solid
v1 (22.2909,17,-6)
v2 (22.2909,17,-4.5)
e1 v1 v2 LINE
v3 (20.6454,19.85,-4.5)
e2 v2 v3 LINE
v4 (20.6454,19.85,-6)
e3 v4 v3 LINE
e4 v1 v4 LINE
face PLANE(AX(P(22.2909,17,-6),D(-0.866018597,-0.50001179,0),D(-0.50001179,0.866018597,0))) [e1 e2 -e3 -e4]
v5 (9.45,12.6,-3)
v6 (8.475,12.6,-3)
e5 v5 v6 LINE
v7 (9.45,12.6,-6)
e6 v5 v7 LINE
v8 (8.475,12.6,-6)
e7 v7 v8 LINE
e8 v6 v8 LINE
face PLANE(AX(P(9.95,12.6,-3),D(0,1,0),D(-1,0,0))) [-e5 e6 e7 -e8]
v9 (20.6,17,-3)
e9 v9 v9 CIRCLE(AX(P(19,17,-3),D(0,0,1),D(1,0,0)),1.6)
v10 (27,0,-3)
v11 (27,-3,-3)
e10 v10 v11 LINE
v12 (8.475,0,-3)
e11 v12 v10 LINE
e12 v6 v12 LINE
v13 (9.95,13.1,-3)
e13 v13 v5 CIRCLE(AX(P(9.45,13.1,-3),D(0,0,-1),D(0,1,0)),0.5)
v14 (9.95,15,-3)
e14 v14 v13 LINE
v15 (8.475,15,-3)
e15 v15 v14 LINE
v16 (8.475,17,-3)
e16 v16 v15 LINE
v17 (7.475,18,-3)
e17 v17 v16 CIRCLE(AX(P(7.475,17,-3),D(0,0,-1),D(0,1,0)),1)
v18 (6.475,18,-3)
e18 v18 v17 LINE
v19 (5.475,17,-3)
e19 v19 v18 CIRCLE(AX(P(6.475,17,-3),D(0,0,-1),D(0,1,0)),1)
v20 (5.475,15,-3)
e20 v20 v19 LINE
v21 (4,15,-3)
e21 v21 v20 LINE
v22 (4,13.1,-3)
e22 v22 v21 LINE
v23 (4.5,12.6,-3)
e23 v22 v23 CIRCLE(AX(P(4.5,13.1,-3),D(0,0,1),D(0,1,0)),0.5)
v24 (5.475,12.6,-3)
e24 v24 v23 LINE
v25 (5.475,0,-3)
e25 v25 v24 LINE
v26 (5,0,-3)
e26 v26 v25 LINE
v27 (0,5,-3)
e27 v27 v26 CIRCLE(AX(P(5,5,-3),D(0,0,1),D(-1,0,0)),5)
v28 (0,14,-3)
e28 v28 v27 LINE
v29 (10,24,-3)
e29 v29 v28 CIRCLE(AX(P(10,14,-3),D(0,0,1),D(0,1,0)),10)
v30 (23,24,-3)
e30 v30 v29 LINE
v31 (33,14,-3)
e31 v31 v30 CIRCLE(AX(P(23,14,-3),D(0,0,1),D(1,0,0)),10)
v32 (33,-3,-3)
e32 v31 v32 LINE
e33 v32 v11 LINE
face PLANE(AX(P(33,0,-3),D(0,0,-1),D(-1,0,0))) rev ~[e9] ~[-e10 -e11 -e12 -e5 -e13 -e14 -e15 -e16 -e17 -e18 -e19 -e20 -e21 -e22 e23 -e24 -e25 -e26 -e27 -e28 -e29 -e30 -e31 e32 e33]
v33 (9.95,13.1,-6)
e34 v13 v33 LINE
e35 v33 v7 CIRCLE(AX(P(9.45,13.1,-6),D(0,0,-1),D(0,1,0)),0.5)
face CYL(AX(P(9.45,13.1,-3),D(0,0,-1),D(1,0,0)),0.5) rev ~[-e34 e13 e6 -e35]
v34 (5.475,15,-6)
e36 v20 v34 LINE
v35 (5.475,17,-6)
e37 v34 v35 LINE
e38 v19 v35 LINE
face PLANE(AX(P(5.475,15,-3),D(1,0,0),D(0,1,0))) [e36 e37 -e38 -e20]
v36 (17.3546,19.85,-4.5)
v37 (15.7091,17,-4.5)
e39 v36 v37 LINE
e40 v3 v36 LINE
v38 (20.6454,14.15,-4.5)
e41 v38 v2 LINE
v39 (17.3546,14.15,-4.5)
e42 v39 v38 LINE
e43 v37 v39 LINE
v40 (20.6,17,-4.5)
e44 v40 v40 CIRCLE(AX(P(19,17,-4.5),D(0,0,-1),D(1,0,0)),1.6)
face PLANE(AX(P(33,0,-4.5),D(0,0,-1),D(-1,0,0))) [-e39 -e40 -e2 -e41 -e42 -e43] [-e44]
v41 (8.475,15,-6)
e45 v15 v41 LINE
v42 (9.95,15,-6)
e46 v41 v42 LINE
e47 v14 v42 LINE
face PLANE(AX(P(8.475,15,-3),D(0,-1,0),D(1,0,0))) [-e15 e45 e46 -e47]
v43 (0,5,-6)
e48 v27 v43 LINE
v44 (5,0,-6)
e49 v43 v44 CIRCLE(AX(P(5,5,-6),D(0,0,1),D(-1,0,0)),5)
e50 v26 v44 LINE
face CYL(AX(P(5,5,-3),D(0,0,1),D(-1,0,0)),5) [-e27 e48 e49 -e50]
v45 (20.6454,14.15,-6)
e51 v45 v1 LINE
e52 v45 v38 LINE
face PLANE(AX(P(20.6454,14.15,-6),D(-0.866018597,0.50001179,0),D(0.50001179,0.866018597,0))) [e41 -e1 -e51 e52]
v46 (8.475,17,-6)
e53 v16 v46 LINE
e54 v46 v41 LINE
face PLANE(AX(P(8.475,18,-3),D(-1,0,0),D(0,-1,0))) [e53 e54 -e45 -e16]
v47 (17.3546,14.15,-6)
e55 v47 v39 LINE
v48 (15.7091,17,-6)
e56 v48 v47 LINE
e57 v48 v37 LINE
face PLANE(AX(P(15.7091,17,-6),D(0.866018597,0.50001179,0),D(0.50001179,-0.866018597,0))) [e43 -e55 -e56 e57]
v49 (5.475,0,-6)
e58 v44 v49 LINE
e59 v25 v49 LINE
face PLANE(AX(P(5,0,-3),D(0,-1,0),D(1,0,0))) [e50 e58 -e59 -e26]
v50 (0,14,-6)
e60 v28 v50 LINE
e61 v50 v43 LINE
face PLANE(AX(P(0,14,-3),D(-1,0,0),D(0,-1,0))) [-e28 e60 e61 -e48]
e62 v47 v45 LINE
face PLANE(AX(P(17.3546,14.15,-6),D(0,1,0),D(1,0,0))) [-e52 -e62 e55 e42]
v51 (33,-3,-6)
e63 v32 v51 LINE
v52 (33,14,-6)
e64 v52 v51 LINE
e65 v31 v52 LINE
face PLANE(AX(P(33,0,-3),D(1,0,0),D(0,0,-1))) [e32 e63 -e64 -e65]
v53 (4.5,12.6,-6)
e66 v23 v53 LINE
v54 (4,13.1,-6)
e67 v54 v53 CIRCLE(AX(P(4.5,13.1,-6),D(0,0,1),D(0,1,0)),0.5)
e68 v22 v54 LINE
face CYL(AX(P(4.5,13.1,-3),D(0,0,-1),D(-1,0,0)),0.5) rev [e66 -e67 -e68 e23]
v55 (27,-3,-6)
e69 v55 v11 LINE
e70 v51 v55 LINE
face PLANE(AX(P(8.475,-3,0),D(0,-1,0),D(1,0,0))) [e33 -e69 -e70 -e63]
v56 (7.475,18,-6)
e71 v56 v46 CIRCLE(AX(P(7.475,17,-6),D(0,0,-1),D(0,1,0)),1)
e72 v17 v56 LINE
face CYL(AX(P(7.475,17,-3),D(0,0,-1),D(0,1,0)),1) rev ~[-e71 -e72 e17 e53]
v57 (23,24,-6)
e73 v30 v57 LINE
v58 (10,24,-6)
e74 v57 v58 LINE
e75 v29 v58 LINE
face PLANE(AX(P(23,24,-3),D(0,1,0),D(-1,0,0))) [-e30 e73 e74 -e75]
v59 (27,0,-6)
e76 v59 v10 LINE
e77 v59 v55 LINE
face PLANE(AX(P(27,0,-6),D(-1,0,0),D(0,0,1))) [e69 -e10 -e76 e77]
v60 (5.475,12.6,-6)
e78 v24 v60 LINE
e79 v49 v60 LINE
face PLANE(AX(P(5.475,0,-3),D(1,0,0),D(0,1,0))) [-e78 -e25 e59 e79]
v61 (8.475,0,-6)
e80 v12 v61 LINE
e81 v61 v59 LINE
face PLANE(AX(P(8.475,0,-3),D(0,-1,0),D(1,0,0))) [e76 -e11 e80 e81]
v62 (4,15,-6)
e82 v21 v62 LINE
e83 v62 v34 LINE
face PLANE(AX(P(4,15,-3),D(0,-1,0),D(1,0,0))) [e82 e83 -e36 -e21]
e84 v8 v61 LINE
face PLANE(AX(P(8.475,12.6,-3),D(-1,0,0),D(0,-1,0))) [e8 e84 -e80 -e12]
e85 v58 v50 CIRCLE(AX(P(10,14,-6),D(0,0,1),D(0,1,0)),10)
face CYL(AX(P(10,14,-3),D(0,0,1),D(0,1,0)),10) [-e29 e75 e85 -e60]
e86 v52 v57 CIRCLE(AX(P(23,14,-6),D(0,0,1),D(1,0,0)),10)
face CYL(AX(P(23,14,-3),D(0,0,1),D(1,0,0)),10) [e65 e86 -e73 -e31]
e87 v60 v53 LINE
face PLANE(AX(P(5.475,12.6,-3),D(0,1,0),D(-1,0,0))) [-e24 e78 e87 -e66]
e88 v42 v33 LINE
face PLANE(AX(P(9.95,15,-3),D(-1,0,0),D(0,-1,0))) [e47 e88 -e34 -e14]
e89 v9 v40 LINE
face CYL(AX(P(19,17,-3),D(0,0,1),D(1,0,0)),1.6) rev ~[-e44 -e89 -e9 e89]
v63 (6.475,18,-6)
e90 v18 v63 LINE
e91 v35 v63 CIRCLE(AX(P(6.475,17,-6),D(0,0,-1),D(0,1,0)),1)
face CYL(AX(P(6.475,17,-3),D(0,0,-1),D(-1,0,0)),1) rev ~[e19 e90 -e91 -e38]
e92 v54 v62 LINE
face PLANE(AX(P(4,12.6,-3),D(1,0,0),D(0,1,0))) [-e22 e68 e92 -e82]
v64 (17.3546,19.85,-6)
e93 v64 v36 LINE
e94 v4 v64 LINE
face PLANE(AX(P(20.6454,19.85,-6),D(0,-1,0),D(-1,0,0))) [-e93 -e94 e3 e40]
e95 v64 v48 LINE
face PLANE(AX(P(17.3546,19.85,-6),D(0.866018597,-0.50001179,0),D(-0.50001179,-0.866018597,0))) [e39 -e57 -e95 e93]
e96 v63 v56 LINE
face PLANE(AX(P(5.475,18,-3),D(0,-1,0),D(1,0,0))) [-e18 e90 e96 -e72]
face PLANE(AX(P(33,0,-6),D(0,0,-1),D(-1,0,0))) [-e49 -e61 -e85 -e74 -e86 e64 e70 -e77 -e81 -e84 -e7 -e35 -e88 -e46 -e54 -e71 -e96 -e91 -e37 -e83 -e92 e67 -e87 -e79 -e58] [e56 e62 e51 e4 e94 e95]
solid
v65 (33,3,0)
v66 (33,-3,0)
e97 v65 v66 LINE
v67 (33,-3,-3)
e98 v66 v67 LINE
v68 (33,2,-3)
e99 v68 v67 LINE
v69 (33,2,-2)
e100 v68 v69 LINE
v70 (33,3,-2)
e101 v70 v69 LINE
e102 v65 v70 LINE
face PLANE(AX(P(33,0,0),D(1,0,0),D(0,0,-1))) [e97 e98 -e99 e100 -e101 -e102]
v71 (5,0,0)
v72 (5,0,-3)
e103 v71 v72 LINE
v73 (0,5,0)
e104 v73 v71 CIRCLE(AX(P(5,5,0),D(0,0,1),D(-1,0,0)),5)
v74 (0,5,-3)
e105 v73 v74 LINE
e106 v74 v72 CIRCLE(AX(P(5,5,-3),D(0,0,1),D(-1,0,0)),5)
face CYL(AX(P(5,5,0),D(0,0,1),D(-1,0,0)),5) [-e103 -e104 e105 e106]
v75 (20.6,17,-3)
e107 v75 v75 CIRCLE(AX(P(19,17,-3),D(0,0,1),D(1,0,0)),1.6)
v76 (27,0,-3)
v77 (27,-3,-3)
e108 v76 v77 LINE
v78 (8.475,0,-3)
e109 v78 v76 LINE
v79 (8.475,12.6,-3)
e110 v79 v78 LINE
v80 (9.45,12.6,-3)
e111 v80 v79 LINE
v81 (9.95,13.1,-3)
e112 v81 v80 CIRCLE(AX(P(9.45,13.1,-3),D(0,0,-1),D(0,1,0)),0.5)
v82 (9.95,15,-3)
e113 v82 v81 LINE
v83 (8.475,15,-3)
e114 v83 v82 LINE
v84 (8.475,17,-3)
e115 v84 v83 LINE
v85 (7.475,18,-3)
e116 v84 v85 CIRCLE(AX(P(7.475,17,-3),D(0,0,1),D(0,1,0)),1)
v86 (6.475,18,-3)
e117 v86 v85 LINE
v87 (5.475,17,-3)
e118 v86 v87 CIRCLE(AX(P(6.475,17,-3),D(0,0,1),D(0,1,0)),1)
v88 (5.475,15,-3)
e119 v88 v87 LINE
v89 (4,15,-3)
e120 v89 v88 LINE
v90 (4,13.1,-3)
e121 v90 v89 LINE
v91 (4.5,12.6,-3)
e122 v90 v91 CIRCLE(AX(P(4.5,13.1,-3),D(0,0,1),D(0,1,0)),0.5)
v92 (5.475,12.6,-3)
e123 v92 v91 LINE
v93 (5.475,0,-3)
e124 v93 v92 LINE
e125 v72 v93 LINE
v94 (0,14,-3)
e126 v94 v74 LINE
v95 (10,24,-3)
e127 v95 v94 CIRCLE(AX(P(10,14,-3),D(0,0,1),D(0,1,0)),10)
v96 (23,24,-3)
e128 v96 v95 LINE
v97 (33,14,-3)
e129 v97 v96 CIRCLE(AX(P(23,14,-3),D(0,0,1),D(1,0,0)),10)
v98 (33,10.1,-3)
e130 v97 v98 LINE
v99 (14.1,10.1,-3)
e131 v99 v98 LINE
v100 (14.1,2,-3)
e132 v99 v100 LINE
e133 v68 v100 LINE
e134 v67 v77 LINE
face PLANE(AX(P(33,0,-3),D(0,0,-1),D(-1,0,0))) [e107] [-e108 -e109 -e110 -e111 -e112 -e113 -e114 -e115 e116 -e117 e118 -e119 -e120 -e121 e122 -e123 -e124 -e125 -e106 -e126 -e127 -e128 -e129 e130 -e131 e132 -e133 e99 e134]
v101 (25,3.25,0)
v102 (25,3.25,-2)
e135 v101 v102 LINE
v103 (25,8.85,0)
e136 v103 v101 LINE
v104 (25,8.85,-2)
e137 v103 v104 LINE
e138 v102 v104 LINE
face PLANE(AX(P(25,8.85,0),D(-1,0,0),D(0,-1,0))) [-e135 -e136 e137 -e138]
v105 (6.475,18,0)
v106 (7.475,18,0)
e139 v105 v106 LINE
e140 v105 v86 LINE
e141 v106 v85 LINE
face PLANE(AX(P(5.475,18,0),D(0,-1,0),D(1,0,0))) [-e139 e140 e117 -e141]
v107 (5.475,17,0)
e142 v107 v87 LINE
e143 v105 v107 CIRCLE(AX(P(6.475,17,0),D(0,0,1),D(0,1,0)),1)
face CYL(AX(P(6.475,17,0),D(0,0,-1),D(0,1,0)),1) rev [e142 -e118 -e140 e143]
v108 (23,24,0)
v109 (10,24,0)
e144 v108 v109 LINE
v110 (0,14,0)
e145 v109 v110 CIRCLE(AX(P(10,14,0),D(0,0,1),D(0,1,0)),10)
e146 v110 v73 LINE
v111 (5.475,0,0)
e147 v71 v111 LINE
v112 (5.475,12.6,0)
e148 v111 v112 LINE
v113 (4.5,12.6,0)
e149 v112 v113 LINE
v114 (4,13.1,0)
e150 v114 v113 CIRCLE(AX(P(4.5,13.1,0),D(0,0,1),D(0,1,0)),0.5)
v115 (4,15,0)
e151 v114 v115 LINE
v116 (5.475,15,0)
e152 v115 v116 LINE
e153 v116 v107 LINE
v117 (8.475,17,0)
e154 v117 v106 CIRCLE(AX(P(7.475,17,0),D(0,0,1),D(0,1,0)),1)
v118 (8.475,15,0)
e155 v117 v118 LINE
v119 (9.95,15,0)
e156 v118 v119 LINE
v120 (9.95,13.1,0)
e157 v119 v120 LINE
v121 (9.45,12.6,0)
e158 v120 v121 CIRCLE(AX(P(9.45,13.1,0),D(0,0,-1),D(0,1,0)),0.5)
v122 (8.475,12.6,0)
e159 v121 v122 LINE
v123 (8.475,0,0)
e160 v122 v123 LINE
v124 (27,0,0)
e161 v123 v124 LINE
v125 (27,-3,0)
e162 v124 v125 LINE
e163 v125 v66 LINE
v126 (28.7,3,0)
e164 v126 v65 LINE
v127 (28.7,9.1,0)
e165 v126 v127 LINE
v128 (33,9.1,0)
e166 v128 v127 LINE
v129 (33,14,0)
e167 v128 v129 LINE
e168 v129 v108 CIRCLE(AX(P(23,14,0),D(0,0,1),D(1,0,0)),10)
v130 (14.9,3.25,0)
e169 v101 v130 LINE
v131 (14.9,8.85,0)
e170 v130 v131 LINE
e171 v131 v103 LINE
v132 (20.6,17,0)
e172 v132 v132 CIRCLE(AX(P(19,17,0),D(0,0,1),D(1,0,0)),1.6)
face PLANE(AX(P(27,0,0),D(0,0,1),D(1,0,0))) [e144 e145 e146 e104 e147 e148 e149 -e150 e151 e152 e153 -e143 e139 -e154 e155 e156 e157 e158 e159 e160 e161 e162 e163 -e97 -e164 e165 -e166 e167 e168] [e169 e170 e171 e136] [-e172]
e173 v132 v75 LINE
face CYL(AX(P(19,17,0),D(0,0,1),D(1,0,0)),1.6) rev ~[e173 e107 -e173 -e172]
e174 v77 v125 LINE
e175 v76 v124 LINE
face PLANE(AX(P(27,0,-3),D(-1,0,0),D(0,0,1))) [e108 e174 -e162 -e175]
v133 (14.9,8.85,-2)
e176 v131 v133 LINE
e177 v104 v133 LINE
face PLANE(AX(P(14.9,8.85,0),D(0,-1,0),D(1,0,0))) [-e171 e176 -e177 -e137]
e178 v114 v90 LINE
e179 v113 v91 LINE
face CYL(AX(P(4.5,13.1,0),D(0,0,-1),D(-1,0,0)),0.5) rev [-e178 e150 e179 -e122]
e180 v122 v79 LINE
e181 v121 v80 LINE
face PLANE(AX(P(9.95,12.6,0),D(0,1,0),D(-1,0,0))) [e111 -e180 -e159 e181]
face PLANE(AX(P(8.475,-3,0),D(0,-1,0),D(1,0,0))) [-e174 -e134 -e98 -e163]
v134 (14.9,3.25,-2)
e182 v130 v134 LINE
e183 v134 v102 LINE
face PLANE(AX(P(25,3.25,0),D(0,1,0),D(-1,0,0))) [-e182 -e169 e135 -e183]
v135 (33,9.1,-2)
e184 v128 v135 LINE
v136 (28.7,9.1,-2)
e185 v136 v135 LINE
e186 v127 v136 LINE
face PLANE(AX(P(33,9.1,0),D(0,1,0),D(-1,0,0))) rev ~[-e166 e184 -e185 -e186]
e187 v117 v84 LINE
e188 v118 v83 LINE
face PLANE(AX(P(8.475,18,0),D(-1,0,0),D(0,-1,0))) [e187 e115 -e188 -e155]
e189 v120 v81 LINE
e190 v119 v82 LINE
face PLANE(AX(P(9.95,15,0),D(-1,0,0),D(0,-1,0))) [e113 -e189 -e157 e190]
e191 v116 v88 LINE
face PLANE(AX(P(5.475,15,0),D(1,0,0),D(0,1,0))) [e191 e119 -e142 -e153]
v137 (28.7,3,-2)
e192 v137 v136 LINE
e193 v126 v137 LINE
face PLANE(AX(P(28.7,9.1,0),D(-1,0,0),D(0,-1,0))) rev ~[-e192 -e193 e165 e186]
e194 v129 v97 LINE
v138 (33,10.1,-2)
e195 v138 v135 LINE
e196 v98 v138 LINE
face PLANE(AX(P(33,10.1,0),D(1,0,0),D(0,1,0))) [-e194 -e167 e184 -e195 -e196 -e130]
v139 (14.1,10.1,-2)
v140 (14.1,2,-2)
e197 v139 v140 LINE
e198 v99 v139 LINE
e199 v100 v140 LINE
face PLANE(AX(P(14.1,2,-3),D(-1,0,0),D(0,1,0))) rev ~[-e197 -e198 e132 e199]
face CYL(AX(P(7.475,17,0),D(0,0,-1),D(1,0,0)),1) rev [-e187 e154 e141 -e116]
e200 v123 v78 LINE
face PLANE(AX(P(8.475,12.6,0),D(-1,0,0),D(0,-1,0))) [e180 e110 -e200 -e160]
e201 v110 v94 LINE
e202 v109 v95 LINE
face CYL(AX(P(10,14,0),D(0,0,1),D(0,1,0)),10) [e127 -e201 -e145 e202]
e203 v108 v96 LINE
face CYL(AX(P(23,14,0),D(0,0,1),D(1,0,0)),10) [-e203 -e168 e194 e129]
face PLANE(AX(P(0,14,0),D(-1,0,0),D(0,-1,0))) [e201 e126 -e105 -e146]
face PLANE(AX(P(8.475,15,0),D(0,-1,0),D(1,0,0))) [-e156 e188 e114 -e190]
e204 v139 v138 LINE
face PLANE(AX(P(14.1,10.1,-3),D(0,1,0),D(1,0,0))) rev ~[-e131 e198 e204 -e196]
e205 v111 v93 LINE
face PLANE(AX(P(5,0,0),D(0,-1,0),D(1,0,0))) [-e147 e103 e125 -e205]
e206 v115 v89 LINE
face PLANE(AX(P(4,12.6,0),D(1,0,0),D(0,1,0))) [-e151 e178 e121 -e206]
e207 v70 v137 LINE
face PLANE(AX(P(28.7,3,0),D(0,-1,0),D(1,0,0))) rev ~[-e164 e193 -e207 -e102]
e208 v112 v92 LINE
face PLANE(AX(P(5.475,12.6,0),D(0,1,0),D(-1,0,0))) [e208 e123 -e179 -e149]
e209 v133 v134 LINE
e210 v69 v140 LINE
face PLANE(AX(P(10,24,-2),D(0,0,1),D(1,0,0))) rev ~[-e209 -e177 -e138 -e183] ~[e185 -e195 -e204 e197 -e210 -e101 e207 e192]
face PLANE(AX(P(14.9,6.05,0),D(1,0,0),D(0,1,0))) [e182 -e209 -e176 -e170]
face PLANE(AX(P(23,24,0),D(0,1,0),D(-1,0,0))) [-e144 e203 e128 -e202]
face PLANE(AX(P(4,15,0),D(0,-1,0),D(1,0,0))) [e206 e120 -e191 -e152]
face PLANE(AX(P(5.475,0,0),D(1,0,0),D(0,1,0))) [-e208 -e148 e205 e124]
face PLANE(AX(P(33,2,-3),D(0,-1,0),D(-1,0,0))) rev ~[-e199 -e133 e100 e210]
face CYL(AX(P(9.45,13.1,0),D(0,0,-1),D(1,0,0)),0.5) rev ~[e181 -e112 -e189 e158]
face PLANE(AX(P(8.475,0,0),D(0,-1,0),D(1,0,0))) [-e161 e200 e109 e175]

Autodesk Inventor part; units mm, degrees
ref_plane "YZ Plane" through (0, 0, 0) normal (1, 0, 0) x (0, 1, 0)
ref_plane "XZ Plane" through (0, 0, 0) normal (0, 1, 0) x (-1, 0, 0)
ref_plane "XY Plane" through (0, 0, 0) normal (0, 0, 1) x (1, 0, 0)
sketch "Sketch1" plane through (0, 0, 0) normal (0, 0, 1) x (1, 0, 0)
  line L0 (5, 0) -> (5.475, 0)
  line L1 (33, 0) -> (33, 14)
  line L2 (23, 24) -> (10, 24)
  line L3 (0, 14) -> (0, 5)
  line L4 (5.475, 0) -> (5.475, 12.6)
  line L5 (5.475, 12.6) -> (4, 12.6)
  line L6 (4, 12.6) -> (4, 15)
  line L7 (4, 15) -> (5.475, 15)
  line L8 (5.475, 15) -> (5.475, 18)
  line L9 (5.475, 18) -> (8.475, 18)
  line L10 (8.475, 18) -> (8.475, 15)
  line L11 (8.475, 15) -> (9.95, 15)
  line L12 (9.95, 15) -> (9.95, 12.6)
  line L13 (9.95, 12.6) -> (8.475, 12.6)
  line L14 (8.475, 12.6) -> (8.475, 0)
  circle A0 centre (19, 17) radius 1.6
  line L15 (5.475, 0) -> (8.475, 0) construction
  line L16 (8.475, 0) -> (33, 0)
  line L17 (33, 2) -> (14.1, 2)
  line L18 (14.1, 2) -> (14.1, 6.05)
  line L19 (14.1, 10.1) -> (33, 10.1)
  line L20 (33, 10.1) -> (33, 2)
  line L21 (33, 9.1) -> (28.7, 9.1)
  line L22 (28.7, 9.1) -> (28.7, 6.05)
  line L23 (28.7, 3) -> (33, 3)
  line L24 (33, 3) -> (33, 9.1)
  line L25 (14.9, 8.85) -> (25, 8.85)
  line L26 (25, 8.85) -> (25, 3.25)
  line L27 (25, 3.25) -> (14.9, 3.25)
  line L28 (14.9, 3.25) -> (14.9, 6.05)
  line L29 (14.1, 6.05) -> (33, 6.05) construction
  line L30 (14.9, 6.05) -> (14.9, 8.85)
  line L31 (28.7, 6.05) -> (28.7, 3)
  line L32 (14.1, 6.05) -> (14.1, 10.1)
  arc A1 (10, 24) -> (0, 14) centre (10, 14) ccw
  arc A2 (33, 14) -> (23, 24) centre (23, 14) ccw
  arc A3 (0, 5) -> (5, 0) centre (5, 5) ccw
  point P0 (0, 0)
  point P1 (33, 24)
  point P2 (0, 24)
  dimension "totalWidth" = 33
  dimension "totalHeight" = 24
  dimension "edgeToNut" = 4
  dimension "boltHoleWidth" = 3
  dimension "nutSlotEndOffset" = 3
  dimension "boltHoleLength" = 18
  dimension "nutSlotDepth" = 2.4
  dimension "nutSlotWidth" = 5.95
  dimension "boltVertOffset" = 7
  dimension "boltDiameter" = 3.2
  dimension "boltHorizOffset" = 14
  dimension "IRSensorLength" = 18.9
  dimension "IRSensorHeight" = 8.1
  dimension "IRSensorVertOffset" = 2
  dimension "IRModuleHeight" = 5.6
  dimension "IRModuleLength" = 10.1
  dimension "moduleConnectorGap" = 3.7
  dimension "connectorHeight" = 6.1
  dimension "connectorWidth" = 4.3
  dimension "topFillet" = 10
  dimension "d20" = 10
  dimension "d21" = 5
extrude "Extrusion1" add sketch "Sketch1" against normal blind 3 contours A3 L3 A1 L2 A2 L1 L19 L32 L18 L17 L16 L14 L13 L12 L11 L10 L9 L8 L7 L6 L5 L4 L0 | L1 L21 L22 L31 L23 L17 L18 L32 L19
fillet "Fillet1" radius 1 2 edges at (5.475, 18, -1.5) (8.475, 18, -1.5)
fillet "Fillet2" radius 0.5 2 edges at (4, 12.6, -1.5) (9.95, 12.6, -1.5)
extrude "Extrusion2" add sketch "Sketch1" against normal blind 3 from surface at -3 separate body contours A3 L3 A1 L2 A2 L1 L19 L32 L18 L17 L16 L14 L13 L12 L11 L10 L9 L8 L7 L6 L5 L4 L0 | L1 L21 L22 L31 L23 L17 L18 L32 L19 | L1 L23 L31 L22 L21 | L25 L26 L27 L28 L30
sketch "Sketch2" plane through (33, 0, -6) normal (0, 0, -1) x (-1, 0, 0)
  circle A0 centre (14, 17) radius 1.6 projected
  line L0 (15.6454, 19.85) -> (17.2909, 17)
  line L1 (17.2909, 17) -> (15.6454, 14.15)
  line L2 (15.6454, 14.15) -> (12.3546, 14.15)
  line L3 (12.3546, 14.15) -> (10.7091, 17)
  line L4 (10.7091, 17) -> (12.3546, 19.85)
  line L5 (12.3546, 19.85) -> (15.6454, 19.85)
  line L6 (23, 24) -> (10, 24) projected
  point P0 (33, 0)
  dimension "nutSlotDiameter" = 5.7
extrude "Extrusion3" cut sketch "Sketch2" against normal blind 1.5 bodies 2
sketch "Sketch3" plane through (8.475, 0, 0) normal (0, -1, 0) x (1, 0, 0)
  line L0 (24.525, -6) -> (0, -6) projected
  line L1 (24.525, -6) -> (18.525, -6)
  line L2 (18.525, -6) -> (18.525, 0)
  line L3 (18.525, 0) -> (24.525, 0)
  line L4 (24.525, 0) -> (24.525, -6)
  line L5 (24.525, -6) -> (24.525, -3) projected
  line L6 (24.525, -3) -> (18.525, -3)
  line L7 (24.525, -3) -> (0, -3) projected
  point P0 (-8.475, 0)
  dimension "d31" = 6
  dimension "d32" = 6
extrude "Extrusion4" add sketch "Sketch3" along normal blind 3 contours L6 L2 L3 L4 bodies 1
extrude "Extrusion5" add sketch "Sketch3" along normal blind 3 contours L0 L2 L6 L4 bodies 2
sketch "Sketch4" plane through (10, 24, -3) normal (0, 0, 1) x (1, 0, 0)
  line L0 (4.1, -13.9) -> (23, -13.9) projected
  line L1 (23, -13.9) -> (23, -22) projected
  line L2 (23, -22) -> (4.1, -22) projected
  line L3 (4.1, -22) -> (4.1, -17.95) projected
  line L4 (4.1, -17.95) -> (4.1, -13.9) projected
  point P0 (-10, -24)
extrude "Extrusion6" cut sketch "Sketch4" along normal blind 1 bodies 1
fillet "Fillet3" radius 1 2 edges at (5.475, 18, -4.5) (8.475, 18, -4.5)
fillet "Fillet4" radius 0.5 2 edges at (9.95, 12.6, -4.5) (4, 12.6, -4.5)
equation "\"d20\" = topFillet"
equation "\"d21\" = 0.5 * topFillet"
equation "\"d29\" = 0.5 * perspexThickness"
equation "\"d31\" = 2 * perspexThickness"
equation "\"d32\" = 2 * perspexThickness"
equation "\"d33\" = perspexThickness"
equation "\"d35\" = perspexThickness"
equation "\"perspexThickness\" = 3"
properties part number "Front"
